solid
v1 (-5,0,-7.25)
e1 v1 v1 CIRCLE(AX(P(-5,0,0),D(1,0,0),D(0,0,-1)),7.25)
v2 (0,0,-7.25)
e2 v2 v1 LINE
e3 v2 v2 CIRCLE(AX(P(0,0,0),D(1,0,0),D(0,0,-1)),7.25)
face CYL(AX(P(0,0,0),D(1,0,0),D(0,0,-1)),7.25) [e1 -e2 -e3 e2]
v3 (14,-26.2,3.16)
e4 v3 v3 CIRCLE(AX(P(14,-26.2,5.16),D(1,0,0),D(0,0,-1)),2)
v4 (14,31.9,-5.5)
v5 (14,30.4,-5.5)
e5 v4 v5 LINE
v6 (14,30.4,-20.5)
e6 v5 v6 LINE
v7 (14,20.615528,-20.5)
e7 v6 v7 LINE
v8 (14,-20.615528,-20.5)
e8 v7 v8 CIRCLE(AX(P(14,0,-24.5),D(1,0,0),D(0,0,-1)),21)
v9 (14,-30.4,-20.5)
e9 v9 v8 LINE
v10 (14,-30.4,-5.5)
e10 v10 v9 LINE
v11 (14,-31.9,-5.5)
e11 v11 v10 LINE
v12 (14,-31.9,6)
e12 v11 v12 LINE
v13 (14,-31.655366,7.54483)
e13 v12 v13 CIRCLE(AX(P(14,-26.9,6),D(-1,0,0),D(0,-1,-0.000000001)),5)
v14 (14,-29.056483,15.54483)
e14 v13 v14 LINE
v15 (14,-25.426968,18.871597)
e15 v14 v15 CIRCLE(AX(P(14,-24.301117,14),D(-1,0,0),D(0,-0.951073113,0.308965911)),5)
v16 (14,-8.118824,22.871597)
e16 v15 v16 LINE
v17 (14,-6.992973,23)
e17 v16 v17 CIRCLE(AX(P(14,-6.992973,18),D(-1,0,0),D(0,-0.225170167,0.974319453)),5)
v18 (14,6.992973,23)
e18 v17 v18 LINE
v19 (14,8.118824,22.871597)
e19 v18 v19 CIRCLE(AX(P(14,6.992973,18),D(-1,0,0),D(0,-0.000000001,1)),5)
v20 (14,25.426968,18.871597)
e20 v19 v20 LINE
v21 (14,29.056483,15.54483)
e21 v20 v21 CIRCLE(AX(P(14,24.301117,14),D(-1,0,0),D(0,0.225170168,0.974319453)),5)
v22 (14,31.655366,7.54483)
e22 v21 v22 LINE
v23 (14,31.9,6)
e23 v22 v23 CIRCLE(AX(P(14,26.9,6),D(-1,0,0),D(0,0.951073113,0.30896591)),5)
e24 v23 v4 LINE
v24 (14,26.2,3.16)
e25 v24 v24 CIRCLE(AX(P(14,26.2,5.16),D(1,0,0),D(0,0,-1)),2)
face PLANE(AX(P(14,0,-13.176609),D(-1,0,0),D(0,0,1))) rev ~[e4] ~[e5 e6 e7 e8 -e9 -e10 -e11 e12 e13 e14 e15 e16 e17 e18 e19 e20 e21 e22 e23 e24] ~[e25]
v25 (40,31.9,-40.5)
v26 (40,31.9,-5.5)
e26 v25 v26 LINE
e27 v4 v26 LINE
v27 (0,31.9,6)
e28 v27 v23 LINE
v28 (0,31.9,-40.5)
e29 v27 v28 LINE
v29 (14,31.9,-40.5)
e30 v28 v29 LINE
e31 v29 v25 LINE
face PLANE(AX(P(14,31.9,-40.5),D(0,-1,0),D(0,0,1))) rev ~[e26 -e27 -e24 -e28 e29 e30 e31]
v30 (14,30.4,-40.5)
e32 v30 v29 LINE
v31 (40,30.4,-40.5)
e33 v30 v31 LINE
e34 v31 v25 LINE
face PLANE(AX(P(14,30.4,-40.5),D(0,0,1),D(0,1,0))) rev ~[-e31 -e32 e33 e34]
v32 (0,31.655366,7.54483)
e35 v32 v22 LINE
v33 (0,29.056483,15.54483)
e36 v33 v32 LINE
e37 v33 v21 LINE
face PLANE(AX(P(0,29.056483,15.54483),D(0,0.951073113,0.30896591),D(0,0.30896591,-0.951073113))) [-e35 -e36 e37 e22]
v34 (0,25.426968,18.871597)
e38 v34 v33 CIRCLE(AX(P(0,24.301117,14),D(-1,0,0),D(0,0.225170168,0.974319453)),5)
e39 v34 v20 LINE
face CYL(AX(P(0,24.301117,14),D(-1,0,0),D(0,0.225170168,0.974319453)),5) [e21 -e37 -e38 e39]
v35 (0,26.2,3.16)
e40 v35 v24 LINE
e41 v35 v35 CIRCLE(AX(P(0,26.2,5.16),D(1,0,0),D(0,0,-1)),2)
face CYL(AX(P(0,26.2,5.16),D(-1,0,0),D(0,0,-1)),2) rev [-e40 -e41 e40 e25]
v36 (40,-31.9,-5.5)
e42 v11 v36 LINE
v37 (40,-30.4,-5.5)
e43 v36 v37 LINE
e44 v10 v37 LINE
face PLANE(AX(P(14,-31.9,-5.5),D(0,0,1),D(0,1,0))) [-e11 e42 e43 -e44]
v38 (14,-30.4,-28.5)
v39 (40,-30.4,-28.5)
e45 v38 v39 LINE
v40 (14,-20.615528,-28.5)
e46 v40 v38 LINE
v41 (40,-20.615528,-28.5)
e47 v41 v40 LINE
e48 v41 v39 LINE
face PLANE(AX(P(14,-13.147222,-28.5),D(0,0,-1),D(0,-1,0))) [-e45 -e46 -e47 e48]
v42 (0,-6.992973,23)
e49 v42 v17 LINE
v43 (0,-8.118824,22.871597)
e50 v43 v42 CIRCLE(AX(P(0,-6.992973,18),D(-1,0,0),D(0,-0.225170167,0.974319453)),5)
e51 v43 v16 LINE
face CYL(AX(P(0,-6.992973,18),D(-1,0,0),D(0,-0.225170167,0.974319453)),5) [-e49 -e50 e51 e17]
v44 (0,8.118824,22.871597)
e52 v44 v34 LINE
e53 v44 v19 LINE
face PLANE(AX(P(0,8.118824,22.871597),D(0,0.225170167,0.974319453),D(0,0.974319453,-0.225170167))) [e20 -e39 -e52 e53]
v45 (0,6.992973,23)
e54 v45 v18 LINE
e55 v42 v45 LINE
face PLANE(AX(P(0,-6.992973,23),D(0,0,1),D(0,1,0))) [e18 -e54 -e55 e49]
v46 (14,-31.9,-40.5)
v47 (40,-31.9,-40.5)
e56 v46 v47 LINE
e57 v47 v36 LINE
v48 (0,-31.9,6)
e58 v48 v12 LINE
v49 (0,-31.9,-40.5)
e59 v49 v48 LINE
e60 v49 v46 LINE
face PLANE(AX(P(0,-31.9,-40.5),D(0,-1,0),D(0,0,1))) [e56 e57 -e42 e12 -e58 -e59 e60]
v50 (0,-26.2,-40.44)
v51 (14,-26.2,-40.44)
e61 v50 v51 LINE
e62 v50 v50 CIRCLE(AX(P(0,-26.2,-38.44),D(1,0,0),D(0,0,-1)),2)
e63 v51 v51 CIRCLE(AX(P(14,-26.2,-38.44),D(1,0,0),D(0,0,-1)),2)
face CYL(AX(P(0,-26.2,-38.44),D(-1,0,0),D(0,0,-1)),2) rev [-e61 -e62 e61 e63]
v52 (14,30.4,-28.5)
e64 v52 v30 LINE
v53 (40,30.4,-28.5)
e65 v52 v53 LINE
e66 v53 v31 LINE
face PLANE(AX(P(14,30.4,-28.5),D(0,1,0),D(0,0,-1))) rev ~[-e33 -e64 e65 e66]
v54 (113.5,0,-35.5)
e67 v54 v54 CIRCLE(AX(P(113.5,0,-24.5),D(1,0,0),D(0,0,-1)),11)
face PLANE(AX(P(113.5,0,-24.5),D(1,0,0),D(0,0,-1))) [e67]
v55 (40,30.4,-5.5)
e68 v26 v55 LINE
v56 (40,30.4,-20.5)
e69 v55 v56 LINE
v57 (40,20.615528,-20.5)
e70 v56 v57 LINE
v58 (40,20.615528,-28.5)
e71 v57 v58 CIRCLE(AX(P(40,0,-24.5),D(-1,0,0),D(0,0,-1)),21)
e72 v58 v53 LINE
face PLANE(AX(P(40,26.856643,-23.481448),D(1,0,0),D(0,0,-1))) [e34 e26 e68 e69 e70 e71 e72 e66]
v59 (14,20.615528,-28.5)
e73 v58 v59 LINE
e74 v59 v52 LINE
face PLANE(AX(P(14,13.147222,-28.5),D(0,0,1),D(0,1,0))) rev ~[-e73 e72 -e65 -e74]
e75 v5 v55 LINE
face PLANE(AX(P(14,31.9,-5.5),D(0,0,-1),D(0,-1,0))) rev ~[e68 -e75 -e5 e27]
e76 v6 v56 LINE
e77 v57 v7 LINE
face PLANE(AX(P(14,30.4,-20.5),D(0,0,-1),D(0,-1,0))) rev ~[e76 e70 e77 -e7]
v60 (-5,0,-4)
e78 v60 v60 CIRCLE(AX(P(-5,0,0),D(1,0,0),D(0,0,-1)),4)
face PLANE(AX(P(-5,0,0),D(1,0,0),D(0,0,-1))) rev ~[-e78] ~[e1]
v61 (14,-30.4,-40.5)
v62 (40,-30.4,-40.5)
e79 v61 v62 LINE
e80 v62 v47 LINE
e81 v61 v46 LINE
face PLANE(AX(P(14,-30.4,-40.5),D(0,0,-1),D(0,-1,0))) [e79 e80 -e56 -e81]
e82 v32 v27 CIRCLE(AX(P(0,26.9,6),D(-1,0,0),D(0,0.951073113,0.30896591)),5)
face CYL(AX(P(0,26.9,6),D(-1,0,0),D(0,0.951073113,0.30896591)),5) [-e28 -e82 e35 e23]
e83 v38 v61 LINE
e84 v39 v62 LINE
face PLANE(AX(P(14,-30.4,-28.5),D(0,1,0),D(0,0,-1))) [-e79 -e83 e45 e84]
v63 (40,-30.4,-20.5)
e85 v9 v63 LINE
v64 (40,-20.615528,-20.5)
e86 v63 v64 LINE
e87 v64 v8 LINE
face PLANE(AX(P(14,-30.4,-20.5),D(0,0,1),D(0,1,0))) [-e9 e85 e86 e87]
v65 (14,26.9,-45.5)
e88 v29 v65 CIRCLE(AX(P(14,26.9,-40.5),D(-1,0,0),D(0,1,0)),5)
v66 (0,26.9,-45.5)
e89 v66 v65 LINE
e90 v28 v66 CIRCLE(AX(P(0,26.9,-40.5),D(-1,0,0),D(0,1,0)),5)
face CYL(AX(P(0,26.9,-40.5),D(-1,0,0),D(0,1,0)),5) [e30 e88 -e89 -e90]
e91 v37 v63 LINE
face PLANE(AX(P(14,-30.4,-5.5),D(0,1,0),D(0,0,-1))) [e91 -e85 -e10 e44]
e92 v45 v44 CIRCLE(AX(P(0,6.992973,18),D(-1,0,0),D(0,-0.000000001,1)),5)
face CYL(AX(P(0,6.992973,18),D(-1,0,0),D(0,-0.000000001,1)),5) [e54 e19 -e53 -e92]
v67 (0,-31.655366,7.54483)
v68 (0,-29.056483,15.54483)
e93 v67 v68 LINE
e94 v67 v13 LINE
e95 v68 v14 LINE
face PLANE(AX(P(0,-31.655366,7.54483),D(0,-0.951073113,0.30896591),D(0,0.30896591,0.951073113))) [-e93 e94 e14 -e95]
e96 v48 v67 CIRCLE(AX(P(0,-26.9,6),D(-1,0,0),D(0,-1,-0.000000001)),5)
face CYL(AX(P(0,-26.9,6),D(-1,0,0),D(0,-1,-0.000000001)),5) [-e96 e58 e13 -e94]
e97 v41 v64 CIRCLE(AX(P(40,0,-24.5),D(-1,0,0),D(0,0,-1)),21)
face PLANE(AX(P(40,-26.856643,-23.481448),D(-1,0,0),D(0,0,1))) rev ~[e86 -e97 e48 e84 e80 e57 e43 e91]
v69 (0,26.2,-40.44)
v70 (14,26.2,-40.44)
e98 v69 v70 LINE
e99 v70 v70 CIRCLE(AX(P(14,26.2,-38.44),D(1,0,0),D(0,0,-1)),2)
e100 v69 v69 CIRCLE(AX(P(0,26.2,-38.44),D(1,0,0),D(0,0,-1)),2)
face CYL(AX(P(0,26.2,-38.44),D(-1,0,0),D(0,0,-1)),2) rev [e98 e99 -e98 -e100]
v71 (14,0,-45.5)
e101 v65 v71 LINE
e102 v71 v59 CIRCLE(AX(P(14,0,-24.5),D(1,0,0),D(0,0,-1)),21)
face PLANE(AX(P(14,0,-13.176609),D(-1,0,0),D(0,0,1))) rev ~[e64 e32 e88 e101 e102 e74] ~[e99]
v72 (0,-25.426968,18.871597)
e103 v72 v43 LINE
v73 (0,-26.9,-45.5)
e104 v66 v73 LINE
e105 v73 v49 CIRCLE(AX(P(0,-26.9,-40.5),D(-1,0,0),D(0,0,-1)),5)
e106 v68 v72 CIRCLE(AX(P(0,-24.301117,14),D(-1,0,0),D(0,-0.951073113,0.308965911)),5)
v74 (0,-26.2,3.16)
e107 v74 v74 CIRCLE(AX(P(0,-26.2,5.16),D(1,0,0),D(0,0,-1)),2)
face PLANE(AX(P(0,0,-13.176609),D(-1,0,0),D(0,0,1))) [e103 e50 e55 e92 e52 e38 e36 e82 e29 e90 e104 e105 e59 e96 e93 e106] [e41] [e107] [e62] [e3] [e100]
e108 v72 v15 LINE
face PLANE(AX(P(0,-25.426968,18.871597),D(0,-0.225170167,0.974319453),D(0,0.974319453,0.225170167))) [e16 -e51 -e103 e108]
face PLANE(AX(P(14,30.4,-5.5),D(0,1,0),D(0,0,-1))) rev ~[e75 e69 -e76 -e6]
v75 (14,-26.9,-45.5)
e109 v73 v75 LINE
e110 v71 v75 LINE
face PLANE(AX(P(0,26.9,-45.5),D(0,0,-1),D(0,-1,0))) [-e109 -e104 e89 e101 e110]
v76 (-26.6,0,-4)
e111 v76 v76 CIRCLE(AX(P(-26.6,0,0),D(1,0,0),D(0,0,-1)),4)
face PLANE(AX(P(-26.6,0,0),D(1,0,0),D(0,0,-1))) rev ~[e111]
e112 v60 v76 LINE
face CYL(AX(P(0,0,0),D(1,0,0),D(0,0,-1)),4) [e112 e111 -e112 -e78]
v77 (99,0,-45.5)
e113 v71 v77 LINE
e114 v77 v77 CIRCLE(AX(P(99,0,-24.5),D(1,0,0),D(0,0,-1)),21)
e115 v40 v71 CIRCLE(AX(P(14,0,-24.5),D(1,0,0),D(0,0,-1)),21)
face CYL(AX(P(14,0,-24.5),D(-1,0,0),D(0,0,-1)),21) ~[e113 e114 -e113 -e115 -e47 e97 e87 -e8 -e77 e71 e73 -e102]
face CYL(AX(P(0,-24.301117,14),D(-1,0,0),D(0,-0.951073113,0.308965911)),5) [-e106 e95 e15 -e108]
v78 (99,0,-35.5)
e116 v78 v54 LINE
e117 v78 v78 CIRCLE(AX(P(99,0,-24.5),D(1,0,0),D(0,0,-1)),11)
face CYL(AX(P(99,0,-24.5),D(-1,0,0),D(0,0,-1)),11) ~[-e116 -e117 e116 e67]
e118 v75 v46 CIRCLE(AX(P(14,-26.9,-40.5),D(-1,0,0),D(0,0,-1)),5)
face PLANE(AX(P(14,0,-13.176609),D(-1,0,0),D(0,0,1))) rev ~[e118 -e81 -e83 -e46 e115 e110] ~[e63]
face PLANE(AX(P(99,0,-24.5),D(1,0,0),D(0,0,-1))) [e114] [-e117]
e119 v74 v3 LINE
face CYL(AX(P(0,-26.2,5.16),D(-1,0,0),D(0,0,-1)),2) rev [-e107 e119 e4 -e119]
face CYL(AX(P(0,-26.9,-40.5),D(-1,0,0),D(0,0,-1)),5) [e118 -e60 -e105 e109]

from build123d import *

# Parameters (mm, degrees)
ESQUISSE1_R       = 2
EXTRUSION3_DEPTH  = 14
ESQUISSE3_R       = 21
EXTRUSION4_DEPTH  = 85
ESQUISSE4_R       = 4
EXTRUSION5_DEPTH  = 26.6
ESQUISSE5_R       = 7.25
EXTRUSION6_DEPTH  = 5
EXTRUSION9_DEPTH  = 26
ESQUISSE9_R       = 11
EXTRUSION10_DEPTH = 14.5


with BuildPart() as part:
    # Esquisse1 → Extrusion3 (new body)
    with BuildSketch(Plane(origin=(0, 0, 0), x_dir=(0, 0, -1), z_dir=(1, 0, 0))):
        with BuildLine():
            Line((-6, 31.9), (40.5, 31.9))
            ThreePointArc((40.5, 31.9), (44.035533906, 30.435533906), (45.5, 26.9))
            Line((45.5, 26.9), (45.5, -26.9))
            ThreePointArc((45.5, -26.9), (44.035533906, -30.435533906), (40.5, -31.9))
            Line((40.5, -31.9), (-6, -31.9))
            ThreePointArc((-6, -31.9), (-6.782039696, -31.838462708), (-7.54482955, -31.655365566))
            Line((-7.54482955, -31.655365566), (-15.54482955, -29.056483056))
            ThreePointArc((-15.54482955, -29.056483056), (-17.685916108, -27.679581999), (-18.871597264, -25.426968324))
            Line((-18.871597264, -25.426968324), (-22.871597264, -8.118823709))
            ThreePointArc((-22.871597264, -8.118823709), (-22.967795604, -7.559547531), (-23, -6.992972875))
            Line((-23, -6.992972875), (-23, 6.992972875))
            ThreePointArc((-23, 6.992972875), (-22.967795604, 7.559547531), (-22.871597264, 8.118823709))
            Line((-22.871597264, 8.118823709), (-18.871597264, 25.426968324))
            ThreePointArc((-18.871597264, 25.426968324), (-17.685916108, 27.679581999), (-15.54482955, 29.056483056))
            Line((-15.54482955, 29.056483056), (-7.54482955, 31.655365566))
            ThreePointArc((-7.54482955, 31.655365566), (-6.782039696, 31.838462708), (-6, 31.9))
        make_face()
        with Locations((38.44, -26.2)):
            Circle(ESQUISSE1_R, mode=Mode.SUBTRACT)
        with Locations((-5.16, -26.2)):
            Circle(ESQUISSE1_R, mode=Mode.SUBTRACT)
        with Locations((-5.16, 26.2)):
            Circle(ESQUISSE1_R, mode=Mode.SUBTRACT)
        with Locations((38.44, 26.2)):
            Circle(ESQUISSE1_R, mode=Mode.SUBTRACT)
    extrude(amount=EXTRUSION3_DEPTH)

    # Esquisse3 → Extrusion4 (add)
    with BuildSketch(Plane(origin=(14, 0, 0), x_dir=(0, 0, -1), z_dir=(1, 0, 0))):
        with Locations((24.5, 0)):
            Circle(ESQUISSE3_R)
    extrude(amount=EXTRUSION4_DEPTH)

    # Esquisse4 → Extrusion5 (add)
    with BuildSketch(Plane(origin=(0, 0, 0), x_dir=(0, 0, -1), z_dir=(1, 0, 0))):
        Circle(ESQUISSE4_R)
    extrude(amount=-EXTRUSION5_DEPTH)

    # Esquisse5 → Extrusion6 (add)
    with BuildSketch(Plane(origin=(0, 0, 0), x_dir=(0, 0, -1), z_dir=(1, 0, 0))):
        Circle(ESQUISSE5_R)
    extrude(amount=-EXTRUSION6_DEPTH)

    # Esquisse8 → Extrusion9 (add)
    with BuildSketch(Plane(origin=(14, 0, 0), x_dir=(0, 0, -1), z_dir=(1, 0, 0))):
        Polygon((40.5, 31.9), (5.5, 31.9), (5.5, 30.4), (20.5, 30.4), (20.5, 13.147221685), (28.5, 13.147221685), (28.5, 30.4), (40.5, 30.4), align=None)
        Polygon((40.5, -30.4), (40.5, -31.9), (5.5, -31.9), (5.5, -30.4), (20.5, -30.4), (20.5, -13.147221685), (28.5, -13.147221685), (28.5, -30.4), align=None)
    extrude(amount=EXTRUSION9_DEPTH)

    # Esquisse9 → Extrusion10 (add)
    with BuildSketch(Plane(origin=(99, 0, 0), x_dir=(0, 0, -1), z_dir=(1, 0, 0))):
        with Locations((24.5, 0)):
            Circle(ESQUISSE9_R)
    extrude(amount=EXTRUSION10_DEPTH)


solid = part.part
